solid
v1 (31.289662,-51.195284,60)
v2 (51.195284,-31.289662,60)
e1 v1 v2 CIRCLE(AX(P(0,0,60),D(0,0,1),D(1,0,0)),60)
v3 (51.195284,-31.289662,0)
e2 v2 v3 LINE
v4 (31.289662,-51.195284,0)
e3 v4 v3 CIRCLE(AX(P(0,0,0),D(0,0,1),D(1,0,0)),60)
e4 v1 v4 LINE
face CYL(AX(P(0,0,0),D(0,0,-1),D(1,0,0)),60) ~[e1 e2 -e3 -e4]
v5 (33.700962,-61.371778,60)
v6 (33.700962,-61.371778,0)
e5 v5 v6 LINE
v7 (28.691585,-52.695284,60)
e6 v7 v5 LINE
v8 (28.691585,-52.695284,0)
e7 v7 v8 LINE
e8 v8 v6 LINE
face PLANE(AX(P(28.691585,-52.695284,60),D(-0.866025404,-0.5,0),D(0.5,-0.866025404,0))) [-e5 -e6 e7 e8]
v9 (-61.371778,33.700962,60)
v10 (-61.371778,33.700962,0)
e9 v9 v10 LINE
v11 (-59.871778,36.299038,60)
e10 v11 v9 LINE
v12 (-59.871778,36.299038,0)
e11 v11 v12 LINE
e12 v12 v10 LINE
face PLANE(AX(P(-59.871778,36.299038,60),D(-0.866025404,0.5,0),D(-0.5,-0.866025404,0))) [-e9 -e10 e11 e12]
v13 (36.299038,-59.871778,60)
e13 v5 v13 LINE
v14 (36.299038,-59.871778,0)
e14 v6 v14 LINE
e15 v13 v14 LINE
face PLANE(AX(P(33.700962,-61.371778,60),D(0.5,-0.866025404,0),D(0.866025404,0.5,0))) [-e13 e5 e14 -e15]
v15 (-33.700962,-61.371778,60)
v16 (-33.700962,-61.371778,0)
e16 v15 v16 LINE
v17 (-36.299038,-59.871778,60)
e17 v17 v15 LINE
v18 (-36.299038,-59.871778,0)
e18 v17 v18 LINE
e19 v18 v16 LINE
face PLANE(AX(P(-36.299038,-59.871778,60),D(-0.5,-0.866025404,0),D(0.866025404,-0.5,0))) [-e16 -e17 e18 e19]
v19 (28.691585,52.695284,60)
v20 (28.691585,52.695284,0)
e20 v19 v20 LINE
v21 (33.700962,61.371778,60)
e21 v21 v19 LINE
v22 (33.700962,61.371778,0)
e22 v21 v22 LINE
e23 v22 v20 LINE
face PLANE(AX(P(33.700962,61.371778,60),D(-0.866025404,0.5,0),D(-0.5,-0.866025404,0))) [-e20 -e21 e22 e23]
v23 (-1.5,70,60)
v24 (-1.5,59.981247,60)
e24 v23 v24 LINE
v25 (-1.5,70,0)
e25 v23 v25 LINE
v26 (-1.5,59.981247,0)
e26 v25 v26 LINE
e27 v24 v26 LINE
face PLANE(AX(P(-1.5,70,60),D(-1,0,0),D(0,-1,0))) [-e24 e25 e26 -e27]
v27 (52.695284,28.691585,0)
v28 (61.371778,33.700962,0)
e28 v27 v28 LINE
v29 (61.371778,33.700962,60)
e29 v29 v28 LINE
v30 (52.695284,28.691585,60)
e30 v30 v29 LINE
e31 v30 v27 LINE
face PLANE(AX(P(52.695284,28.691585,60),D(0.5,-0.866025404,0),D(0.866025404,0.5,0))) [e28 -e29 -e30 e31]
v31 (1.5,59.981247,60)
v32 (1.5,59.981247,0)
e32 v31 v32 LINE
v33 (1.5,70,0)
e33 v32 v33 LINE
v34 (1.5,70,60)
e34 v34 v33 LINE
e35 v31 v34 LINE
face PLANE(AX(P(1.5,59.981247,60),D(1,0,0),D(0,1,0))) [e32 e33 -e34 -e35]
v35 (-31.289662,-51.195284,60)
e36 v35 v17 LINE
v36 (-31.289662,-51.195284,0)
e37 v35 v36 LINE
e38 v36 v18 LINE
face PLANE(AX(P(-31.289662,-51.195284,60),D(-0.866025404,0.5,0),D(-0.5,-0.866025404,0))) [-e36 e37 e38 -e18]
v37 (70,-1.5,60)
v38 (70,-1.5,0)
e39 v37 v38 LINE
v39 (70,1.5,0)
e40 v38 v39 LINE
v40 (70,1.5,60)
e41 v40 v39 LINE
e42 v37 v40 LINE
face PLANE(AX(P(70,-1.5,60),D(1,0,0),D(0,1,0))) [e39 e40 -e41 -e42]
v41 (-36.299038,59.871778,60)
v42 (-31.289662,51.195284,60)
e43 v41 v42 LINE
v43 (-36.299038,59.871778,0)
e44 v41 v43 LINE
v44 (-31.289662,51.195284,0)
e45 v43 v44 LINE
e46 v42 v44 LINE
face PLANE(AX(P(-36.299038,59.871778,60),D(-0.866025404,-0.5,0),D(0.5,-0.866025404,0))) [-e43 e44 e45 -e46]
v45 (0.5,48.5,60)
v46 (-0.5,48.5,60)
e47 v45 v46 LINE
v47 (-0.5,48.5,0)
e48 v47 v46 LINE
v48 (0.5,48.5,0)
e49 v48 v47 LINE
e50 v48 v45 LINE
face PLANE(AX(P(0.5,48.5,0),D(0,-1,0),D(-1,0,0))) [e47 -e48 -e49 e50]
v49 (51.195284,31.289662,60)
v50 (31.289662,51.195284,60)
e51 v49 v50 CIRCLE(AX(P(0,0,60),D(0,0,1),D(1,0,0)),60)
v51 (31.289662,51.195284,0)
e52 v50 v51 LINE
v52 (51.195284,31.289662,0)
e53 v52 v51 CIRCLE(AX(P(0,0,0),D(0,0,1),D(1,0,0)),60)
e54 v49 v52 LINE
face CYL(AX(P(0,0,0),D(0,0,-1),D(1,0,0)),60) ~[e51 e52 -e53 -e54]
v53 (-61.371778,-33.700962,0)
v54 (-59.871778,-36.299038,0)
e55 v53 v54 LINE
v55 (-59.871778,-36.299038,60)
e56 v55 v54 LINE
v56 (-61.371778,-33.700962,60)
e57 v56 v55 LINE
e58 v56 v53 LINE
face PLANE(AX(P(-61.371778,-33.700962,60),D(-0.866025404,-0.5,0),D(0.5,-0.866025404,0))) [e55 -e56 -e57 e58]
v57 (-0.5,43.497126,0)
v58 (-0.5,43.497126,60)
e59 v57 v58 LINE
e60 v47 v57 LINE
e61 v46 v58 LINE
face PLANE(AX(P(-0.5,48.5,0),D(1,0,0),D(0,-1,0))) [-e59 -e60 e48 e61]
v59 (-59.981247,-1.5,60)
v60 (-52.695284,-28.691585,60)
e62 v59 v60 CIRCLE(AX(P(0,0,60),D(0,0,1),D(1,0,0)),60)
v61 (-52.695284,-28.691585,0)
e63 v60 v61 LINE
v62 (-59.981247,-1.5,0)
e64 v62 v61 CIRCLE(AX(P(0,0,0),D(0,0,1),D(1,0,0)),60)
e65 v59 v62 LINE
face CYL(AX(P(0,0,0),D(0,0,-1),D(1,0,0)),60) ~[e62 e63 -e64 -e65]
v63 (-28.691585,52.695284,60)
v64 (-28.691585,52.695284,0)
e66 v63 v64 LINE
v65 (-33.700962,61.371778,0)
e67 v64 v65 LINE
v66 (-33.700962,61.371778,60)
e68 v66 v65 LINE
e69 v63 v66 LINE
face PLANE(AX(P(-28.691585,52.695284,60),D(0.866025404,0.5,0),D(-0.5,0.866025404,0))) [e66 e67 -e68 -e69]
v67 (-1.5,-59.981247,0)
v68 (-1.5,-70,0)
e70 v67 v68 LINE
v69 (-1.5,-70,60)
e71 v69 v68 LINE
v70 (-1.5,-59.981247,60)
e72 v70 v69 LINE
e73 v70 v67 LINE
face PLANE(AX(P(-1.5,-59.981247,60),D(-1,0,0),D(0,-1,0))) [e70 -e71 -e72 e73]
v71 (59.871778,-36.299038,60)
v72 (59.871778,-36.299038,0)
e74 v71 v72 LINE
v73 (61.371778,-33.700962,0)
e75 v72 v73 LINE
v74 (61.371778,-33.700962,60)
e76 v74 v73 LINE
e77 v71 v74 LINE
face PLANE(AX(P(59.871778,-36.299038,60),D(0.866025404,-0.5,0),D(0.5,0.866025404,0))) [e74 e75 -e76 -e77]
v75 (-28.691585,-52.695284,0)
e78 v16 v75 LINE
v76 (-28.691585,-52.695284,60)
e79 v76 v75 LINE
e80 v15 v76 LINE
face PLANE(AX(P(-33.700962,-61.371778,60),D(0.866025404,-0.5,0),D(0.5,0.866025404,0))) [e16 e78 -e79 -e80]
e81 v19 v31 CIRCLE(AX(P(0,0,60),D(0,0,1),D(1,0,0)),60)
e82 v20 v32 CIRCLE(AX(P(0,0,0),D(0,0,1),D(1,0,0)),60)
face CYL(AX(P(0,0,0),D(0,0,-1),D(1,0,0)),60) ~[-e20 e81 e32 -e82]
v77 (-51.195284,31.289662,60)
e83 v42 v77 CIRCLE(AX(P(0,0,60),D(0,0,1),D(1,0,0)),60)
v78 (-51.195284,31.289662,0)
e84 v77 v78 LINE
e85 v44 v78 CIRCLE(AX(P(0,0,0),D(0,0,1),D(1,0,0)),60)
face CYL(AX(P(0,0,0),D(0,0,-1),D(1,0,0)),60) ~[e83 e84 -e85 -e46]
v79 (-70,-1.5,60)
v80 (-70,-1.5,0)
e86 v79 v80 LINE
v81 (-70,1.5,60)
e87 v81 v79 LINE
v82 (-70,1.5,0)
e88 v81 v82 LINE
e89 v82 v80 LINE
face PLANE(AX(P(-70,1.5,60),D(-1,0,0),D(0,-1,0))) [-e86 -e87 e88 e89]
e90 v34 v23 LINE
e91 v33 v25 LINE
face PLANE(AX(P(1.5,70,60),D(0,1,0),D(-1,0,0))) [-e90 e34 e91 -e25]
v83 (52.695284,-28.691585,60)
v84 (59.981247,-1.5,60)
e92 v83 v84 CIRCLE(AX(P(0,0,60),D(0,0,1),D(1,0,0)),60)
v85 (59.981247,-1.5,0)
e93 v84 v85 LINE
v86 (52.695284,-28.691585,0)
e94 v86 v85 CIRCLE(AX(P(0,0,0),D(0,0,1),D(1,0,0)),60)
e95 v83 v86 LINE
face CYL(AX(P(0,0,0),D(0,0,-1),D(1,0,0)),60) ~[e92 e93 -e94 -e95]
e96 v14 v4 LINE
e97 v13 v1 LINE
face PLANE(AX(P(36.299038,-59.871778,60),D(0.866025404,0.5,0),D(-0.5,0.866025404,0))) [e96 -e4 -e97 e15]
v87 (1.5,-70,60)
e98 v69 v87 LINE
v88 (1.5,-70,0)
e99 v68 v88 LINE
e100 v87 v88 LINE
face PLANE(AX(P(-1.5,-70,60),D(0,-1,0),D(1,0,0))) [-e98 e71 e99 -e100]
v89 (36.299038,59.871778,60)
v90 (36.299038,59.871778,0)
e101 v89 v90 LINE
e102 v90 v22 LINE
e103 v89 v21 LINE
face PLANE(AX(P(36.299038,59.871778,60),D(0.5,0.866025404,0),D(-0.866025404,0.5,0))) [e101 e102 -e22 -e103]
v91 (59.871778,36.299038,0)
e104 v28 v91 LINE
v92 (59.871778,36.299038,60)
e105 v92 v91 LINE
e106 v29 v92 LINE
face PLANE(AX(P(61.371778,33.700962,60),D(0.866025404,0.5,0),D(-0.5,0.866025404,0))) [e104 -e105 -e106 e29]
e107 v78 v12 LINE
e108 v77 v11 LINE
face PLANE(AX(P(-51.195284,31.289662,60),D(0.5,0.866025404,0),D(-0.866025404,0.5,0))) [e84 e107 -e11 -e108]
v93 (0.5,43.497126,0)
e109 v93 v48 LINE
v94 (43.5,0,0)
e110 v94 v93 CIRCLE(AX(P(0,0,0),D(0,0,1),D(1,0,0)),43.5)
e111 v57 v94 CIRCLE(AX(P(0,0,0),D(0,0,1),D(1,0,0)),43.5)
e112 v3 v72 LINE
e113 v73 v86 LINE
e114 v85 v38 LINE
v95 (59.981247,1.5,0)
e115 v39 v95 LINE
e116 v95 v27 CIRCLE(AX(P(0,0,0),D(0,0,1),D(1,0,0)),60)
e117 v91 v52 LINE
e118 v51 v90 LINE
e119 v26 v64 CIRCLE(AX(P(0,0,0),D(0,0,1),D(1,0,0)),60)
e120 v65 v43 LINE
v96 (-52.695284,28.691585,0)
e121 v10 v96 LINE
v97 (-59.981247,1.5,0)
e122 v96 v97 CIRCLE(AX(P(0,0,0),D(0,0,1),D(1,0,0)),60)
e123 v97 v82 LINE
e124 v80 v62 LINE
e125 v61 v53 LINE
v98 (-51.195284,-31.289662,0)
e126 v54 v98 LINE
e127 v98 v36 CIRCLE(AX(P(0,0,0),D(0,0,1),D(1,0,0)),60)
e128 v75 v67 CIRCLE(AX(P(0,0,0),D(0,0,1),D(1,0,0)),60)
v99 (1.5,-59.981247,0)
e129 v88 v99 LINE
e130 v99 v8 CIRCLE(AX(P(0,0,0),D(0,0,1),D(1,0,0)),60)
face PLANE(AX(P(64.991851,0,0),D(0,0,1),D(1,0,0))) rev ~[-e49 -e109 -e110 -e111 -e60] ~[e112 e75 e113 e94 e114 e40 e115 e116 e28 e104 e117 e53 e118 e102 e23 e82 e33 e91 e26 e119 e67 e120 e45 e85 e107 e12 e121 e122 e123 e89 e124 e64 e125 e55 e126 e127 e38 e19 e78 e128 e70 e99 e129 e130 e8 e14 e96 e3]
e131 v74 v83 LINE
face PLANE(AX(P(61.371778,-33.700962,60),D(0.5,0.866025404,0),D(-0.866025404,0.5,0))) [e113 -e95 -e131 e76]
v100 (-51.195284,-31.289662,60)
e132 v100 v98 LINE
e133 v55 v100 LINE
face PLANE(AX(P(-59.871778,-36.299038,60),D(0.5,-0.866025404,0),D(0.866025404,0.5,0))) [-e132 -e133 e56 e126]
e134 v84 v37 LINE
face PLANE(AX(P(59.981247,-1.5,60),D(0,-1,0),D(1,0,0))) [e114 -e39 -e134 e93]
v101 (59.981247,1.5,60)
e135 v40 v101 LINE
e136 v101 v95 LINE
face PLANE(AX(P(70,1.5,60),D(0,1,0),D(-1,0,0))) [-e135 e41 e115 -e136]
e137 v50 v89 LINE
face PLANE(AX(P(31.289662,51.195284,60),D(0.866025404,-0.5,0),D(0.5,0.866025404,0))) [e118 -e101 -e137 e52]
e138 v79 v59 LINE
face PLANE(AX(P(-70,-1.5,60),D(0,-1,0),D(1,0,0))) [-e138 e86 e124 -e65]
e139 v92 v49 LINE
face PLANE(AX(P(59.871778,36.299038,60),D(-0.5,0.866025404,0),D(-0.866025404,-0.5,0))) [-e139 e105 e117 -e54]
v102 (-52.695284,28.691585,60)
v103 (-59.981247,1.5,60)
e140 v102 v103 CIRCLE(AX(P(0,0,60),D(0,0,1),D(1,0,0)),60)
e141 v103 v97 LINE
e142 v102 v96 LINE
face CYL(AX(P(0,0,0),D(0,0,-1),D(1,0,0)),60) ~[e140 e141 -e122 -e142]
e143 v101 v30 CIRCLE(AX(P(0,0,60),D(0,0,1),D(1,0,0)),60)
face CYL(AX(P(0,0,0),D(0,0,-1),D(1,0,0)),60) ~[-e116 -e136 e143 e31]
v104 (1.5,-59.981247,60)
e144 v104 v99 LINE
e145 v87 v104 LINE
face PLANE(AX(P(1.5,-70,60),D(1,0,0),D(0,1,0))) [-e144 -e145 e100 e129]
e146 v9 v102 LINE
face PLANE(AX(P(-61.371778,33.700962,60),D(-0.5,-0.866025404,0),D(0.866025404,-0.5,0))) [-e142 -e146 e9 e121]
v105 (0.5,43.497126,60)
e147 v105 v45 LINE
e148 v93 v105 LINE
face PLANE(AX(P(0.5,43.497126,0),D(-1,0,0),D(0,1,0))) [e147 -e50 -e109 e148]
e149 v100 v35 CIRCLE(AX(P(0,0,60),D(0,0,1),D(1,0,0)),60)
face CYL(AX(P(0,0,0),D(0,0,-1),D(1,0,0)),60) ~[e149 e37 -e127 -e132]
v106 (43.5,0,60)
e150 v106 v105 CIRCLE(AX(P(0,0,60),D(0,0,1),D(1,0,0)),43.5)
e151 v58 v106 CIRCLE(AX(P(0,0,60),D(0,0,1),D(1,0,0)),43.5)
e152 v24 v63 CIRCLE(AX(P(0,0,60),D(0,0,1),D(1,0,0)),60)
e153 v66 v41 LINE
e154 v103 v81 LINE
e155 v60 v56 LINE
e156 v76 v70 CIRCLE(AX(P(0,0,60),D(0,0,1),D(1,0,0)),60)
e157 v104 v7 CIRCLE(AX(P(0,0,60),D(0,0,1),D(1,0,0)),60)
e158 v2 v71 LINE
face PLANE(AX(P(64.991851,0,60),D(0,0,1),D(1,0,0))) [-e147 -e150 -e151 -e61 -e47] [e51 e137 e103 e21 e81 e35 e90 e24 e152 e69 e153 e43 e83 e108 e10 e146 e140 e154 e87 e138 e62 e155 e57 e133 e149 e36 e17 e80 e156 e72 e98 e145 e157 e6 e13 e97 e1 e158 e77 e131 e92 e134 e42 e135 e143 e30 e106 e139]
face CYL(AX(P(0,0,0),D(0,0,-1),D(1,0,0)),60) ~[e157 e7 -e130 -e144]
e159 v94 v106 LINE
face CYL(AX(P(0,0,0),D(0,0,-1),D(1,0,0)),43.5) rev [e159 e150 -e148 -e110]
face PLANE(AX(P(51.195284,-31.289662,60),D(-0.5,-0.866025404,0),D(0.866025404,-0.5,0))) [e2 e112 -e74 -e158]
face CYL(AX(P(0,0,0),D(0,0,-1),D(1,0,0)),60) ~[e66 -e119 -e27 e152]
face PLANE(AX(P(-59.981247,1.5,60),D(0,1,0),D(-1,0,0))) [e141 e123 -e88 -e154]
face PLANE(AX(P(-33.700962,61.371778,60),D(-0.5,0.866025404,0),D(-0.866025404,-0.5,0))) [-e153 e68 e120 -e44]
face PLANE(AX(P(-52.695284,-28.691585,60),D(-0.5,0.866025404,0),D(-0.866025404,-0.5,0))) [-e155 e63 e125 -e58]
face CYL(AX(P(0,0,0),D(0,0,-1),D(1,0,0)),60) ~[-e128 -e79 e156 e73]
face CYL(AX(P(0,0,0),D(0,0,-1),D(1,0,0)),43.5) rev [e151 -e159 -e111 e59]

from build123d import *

# Parameters (mm, degrees)
SKETCH1_R           = 60
SKETCH1_R_2         = 43.5
EXTRUSION1_DEPTH    = 60
EXTRUSION3_START    = -60
EXTRUSION3_DEPTH    = 60
BOSS_EXTRUDE2_DEPTH = 60


with BuildPart() as part:
    # Sketch1 → Extrusion1 (new body)
    with BuildSketch(Plane.XY):
        Circle(SKETCH1_R)
        Circle(SKETCH1_R_2, mode=Mode.SUBTRACT)
    extrude(amount=EXTRUSION1_DEPTH)

    # Sketch3 → Extrusion3 (cut)
    with BuildSketch(Plane.XY.offset(60).offset(EXTRUSION3_START)):
        with BuildLine():
            Line((-0.5, 48.5), (-0.5, 43.497126342))
            ThreePointArc((-0.5, 43.497126342), (0, 43.5), (0.5, 43.497126342))
            Line((0.5, 43.497126342), (0.5, 48.5))
            Line((0.5, 48.5), (-0.5, 48.5))
        make_face()
    extrude(amount=EXTRUSION3_DEPTH, mode=Mode.SUBTRACT)

    # Sketch2 → Boss-Extrude2 (add, through all)
    with BuildSketch(Plane.XY.offset(60)):
        with BuildLine():
            Line((33.700961894, 61.371778265), (28.691585429, 52.695283713))
            ThreePointArc((28.691585429, 52.695283713), (30, 51.961524227), (31.28966164, 51.195283713))
            Line((31.28966164, 51.195283713), (36.299038106, 59.871778265))
            Line((36.299038106, 59.871778265), (33.700961894, 61.371778265))
        make_face()
        with BuildLine():
            Line((-1.5, 70), (-1.5, 59.981247069))
            ThreePointArc((-1.5, 59.981247069), (0, 60), (1.5, 59.981247069))
            Line((1.5, 59.981247069), (1.5, 70))
            Line((1.5, 70), (-1.5, 70))
        make_face()
        with BuildLine():
            Line((59.871778265, 36.299038106), (51.195283713, 31.28966164))
            ThreePointArc((51.195283713, 31.28966164), (51.961524227, 30), (52.695283713, 28.691585429))
            Line((52.695283713, 28.691585429), (61.371778265, 33.700961894))
            Line((61.371778265, 33.700961894), (59.871778265, 36.299038106))
        make_face()
        with BuildLine():
            Line((70, 1.5), (59.981247069, 1.5))
            ThreePointArc((59.981247069, 1.5), (60, 0), (59.981247069, -1.5))
            Line((59.981247069, -1.5), (70, -1.5))
            Line((70, -1.5), (70, 1.5))
        make_face()
        with BuildLine():
            Line((61.371778265, -33.700961894), (52.695283713, -28.691585429))
            ThreePointArc((52.695283713, -28.691585429), (51.961524227, -30), (51.195283713, -31.28966164))
            Line((51.195283713, -31.28966164), (59.871778265, -36.299038106))
            Line((59.871778265, -36.299038106), (61.371778265, -33.700961894))
        make_face()
        with BuildLine():
            Line((36.299038106, -59.871778265), (31.28966164, -51.195283713))
            ThreePointArc((31.28966164, -51.195283713), (30, -51.961524227), (28.691585429, -52.695283713))
            Line((28.691585429, -52.695283713), (33.700961894, -61.371778265))
            Line((33.700961894, -61.371778265), (36.299038106, -59.871778265))
        make_face()
        with BuildLine():
            Line((1.5, -70), (1.5, -59.981247069))
            ThreePointArc((1.5, -59.981247069), (0, -60), (-1.5, -59.981247069))
            Line((-1.5, -59.981247069), (-1.5, -70))
            Line((-1.5, -70), (1.5, -70))
        make_face()
        with BuildLine():
            Line((-33.700961894, -61.371778265), (-28.691585429, -52.695283713))
            ThreePointArc((-28.691585429, -52.695283713), (-30, -51.961524227), (-31.28966164, -51.195283713))
            Line((-31.28966164, -51.195283713), (-36.299038106, -59.871778265))
            Line((-36.299038106, -59.871778265), (-33.700961894, -61.371778265))
        make_face()
        with BuildLine():
            Line((-59.871778265, -36.299038106), (-51.195283713, -31.28966164))
            ThreePointArc((-51.195283713, -31.28966164), (-51.961524227, -30), (-52.695283713, -28.691585429))
            Line((-52.695283713, -28.691585429), (-61.371778265, -33.700961894))
            Line((-61.371778265, -33.700961894), (-59.871778265, -36.299038106))
        make_face()
        with BuildLine():
            Line((-70, -1.5), (-59.981247069, -1.5))
            ThreePointArc((-59.981247069, -1.5), (-60, 0), (-59.981247069, 1.5))
            Line((-59.981247069, 1.5), (-70, 1.5))
            Line((-70, 1.5), (-70, -1.5))
        make_face()
        with BuildLine():
            Line((-61.371778265, 33.700961894), (-52.695283713, 28.691585429))
            ThreePointArc((-52.695283713, 28.691585429), (-51.961524227, 30), (-51.195283713, 31.28966164))
            Line((-51.195283713, 31.28966164), (-59.871778265, 36.299038106))
            Line((-59.871778265, 36.299038106), (-61.371778265, 33.700961894))
        make_face()
        with BuildLine():
            Line((-36.299038106, 59.871778265), (-31.28966164, 51.195283713))
            ThreePointArc((-31.28966164, 51.195283713), (-30, 51.961524227), (-28.691585429, 52.695283713))
            Line((-28.691585429, 52.695283713), (-33.700961894, 61.371778265))
            Line((-33.700961894, 61.371778265), (-36.299038106, 59.871778265))
        make_face()
    extrude(amount=-BOSS_EXTRUDE2_DEPTH)


solid = part.part
